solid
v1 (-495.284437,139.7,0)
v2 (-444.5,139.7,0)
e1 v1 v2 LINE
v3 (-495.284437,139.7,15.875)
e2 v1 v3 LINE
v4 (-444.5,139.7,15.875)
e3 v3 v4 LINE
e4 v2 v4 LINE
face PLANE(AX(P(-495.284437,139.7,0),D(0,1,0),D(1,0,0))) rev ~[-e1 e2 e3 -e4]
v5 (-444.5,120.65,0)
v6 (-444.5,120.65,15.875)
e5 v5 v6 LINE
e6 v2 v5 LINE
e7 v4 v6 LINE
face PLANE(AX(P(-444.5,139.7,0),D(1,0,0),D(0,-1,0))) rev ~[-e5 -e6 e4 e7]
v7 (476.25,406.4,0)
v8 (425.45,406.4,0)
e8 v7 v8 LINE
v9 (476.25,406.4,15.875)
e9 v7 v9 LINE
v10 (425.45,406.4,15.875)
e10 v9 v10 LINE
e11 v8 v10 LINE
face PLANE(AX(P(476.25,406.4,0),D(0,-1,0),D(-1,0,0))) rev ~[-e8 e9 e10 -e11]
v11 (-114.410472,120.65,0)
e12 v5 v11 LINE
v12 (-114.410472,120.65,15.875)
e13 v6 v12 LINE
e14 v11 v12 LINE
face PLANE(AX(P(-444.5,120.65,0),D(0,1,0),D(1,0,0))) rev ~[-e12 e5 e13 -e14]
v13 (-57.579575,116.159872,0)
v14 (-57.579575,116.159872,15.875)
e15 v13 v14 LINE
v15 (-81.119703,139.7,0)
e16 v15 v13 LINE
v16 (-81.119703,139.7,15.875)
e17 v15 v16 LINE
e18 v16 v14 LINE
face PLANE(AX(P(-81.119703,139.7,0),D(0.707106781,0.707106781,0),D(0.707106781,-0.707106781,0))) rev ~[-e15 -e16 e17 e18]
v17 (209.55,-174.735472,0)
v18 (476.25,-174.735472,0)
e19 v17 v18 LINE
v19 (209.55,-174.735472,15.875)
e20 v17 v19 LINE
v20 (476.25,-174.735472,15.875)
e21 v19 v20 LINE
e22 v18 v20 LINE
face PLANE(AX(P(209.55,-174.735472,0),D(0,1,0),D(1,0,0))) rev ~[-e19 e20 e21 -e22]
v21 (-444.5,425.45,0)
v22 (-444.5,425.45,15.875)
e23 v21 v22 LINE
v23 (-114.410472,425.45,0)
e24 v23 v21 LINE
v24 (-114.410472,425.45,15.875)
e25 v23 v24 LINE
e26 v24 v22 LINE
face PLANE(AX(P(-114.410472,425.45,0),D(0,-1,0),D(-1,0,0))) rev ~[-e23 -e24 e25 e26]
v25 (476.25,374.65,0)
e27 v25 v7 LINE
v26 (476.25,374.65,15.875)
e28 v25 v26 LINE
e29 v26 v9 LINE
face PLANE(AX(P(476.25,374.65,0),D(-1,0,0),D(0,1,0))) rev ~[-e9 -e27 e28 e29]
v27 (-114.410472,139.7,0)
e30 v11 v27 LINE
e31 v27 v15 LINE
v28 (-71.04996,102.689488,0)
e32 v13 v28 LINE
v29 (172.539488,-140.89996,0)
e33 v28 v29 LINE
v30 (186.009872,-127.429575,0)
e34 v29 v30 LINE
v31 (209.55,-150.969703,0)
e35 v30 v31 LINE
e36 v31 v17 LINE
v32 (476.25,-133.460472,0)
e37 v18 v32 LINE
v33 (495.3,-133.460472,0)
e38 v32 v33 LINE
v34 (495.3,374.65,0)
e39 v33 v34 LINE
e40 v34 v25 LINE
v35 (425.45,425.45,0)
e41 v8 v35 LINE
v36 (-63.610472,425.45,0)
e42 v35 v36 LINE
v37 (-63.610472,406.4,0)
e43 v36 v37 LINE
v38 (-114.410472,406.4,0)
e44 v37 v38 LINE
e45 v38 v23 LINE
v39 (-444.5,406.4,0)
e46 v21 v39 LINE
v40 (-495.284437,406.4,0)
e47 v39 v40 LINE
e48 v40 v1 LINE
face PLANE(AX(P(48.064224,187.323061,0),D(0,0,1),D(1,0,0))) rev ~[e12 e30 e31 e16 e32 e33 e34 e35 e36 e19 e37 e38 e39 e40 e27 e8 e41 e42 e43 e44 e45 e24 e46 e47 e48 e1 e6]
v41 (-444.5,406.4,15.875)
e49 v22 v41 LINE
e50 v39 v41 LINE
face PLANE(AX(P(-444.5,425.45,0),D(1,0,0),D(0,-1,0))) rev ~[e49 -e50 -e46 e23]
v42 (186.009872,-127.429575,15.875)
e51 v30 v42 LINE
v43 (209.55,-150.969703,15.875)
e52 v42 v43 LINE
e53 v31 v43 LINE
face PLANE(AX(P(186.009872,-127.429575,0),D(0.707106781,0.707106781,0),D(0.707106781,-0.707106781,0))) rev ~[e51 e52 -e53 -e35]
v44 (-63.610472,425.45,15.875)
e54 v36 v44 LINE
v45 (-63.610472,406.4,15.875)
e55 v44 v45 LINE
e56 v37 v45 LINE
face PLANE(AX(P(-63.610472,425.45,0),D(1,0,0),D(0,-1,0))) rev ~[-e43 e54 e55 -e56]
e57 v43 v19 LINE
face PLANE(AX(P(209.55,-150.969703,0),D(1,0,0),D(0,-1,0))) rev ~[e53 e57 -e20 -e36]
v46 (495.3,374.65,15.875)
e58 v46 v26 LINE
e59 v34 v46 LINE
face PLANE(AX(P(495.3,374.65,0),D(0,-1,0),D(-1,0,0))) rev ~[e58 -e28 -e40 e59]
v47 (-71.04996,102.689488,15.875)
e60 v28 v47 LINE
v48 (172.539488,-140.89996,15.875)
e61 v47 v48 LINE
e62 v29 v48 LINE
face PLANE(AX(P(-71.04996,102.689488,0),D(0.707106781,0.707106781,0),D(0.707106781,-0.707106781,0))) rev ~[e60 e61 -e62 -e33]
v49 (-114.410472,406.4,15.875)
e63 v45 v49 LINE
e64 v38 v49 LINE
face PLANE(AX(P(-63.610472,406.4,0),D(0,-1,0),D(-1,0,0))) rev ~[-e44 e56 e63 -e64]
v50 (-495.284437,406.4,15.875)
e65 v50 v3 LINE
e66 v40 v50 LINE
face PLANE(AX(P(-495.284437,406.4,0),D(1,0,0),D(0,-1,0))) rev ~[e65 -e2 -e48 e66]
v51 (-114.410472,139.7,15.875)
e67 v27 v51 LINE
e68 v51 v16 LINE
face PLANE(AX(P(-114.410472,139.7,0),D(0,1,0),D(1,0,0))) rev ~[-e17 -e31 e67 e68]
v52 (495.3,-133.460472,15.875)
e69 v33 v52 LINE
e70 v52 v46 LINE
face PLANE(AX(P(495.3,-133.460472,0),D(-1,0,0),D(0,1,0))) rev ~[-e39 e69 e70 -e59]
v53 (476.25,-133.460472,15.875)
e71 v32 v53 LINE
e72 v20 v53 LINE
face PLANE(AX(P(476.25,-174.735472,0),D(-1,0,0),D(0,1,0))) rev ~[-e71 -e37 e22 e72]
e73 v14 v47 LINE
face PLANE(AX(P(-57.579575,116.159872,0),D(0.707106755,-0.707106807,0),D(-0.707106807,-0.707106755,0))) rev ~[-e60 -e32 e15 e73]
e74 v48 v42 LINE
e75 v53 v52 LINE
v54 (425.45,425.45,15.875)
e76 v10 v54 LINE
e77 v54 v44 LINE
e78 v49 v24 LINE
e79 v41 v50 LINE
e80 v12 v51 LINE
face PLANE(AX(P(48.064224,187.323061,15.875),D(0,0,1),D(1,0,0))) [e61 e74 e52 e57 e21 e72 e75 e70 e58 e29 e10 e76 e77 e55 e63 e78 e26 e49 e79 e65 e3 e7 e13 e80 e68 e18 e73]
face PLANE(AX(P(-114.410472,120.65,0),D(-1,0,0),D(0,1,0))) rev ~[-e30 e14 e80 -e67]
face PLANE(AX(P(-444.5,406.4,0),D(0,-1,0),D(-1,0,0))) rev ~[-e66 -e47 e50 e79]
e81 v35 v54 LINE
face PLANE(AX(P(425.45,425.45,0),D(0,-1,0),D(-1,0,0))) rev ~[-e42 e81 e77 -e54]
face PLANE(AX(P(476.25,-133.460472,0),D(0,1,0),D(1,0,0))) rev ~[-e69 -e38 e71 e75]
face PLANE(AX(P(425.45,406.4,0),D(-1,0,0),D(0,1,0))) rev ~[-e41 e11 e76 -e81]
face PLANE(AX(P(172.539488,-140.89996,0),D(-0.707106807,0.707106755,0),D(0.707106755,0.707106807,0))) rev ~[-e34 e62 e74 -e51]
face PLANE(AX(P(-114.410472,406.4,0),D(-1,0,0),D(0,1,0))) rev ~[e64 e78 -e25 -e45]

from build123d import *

# Parameters (mm, degrees)
F1_DEPTH = 15.875


with BuildPart() as f1:
    # F0 (on Top) → F1 (new body)
    with BuildSketch(Plane.XY):
        Polygon((-114.410472, 425.45), (-444.5, 425.45), (-444.5, 406.4), (-495.284437, 406.4), (-495.284437, 139.7), (-444.5, 139.7), (-444.5, 120.65), (-114.410472, 120.65), (-114.410472, 139.7), (-81.119703, 139.7), (-57.579575, 116.159872), (-71.04996, 102.689488), (172.539488, -140.89996), (186.009872, -127.429575), (209.55, -150.969703), (209.55, -174.735472), (476.25, -174.735472), (476.25, -133.460472), (495.3, -133.460472), (495.3, 374.65), (476.25, 374.65), (476.25, 406.4), (425.45, 406.4), (425.45, 425.45), (-63.610472, 425.45), (-63.610472, 406.4), (-114.410472, 406.4), align=None)
    extrude(amount=F1_DEPTH)


solid = f1.part
